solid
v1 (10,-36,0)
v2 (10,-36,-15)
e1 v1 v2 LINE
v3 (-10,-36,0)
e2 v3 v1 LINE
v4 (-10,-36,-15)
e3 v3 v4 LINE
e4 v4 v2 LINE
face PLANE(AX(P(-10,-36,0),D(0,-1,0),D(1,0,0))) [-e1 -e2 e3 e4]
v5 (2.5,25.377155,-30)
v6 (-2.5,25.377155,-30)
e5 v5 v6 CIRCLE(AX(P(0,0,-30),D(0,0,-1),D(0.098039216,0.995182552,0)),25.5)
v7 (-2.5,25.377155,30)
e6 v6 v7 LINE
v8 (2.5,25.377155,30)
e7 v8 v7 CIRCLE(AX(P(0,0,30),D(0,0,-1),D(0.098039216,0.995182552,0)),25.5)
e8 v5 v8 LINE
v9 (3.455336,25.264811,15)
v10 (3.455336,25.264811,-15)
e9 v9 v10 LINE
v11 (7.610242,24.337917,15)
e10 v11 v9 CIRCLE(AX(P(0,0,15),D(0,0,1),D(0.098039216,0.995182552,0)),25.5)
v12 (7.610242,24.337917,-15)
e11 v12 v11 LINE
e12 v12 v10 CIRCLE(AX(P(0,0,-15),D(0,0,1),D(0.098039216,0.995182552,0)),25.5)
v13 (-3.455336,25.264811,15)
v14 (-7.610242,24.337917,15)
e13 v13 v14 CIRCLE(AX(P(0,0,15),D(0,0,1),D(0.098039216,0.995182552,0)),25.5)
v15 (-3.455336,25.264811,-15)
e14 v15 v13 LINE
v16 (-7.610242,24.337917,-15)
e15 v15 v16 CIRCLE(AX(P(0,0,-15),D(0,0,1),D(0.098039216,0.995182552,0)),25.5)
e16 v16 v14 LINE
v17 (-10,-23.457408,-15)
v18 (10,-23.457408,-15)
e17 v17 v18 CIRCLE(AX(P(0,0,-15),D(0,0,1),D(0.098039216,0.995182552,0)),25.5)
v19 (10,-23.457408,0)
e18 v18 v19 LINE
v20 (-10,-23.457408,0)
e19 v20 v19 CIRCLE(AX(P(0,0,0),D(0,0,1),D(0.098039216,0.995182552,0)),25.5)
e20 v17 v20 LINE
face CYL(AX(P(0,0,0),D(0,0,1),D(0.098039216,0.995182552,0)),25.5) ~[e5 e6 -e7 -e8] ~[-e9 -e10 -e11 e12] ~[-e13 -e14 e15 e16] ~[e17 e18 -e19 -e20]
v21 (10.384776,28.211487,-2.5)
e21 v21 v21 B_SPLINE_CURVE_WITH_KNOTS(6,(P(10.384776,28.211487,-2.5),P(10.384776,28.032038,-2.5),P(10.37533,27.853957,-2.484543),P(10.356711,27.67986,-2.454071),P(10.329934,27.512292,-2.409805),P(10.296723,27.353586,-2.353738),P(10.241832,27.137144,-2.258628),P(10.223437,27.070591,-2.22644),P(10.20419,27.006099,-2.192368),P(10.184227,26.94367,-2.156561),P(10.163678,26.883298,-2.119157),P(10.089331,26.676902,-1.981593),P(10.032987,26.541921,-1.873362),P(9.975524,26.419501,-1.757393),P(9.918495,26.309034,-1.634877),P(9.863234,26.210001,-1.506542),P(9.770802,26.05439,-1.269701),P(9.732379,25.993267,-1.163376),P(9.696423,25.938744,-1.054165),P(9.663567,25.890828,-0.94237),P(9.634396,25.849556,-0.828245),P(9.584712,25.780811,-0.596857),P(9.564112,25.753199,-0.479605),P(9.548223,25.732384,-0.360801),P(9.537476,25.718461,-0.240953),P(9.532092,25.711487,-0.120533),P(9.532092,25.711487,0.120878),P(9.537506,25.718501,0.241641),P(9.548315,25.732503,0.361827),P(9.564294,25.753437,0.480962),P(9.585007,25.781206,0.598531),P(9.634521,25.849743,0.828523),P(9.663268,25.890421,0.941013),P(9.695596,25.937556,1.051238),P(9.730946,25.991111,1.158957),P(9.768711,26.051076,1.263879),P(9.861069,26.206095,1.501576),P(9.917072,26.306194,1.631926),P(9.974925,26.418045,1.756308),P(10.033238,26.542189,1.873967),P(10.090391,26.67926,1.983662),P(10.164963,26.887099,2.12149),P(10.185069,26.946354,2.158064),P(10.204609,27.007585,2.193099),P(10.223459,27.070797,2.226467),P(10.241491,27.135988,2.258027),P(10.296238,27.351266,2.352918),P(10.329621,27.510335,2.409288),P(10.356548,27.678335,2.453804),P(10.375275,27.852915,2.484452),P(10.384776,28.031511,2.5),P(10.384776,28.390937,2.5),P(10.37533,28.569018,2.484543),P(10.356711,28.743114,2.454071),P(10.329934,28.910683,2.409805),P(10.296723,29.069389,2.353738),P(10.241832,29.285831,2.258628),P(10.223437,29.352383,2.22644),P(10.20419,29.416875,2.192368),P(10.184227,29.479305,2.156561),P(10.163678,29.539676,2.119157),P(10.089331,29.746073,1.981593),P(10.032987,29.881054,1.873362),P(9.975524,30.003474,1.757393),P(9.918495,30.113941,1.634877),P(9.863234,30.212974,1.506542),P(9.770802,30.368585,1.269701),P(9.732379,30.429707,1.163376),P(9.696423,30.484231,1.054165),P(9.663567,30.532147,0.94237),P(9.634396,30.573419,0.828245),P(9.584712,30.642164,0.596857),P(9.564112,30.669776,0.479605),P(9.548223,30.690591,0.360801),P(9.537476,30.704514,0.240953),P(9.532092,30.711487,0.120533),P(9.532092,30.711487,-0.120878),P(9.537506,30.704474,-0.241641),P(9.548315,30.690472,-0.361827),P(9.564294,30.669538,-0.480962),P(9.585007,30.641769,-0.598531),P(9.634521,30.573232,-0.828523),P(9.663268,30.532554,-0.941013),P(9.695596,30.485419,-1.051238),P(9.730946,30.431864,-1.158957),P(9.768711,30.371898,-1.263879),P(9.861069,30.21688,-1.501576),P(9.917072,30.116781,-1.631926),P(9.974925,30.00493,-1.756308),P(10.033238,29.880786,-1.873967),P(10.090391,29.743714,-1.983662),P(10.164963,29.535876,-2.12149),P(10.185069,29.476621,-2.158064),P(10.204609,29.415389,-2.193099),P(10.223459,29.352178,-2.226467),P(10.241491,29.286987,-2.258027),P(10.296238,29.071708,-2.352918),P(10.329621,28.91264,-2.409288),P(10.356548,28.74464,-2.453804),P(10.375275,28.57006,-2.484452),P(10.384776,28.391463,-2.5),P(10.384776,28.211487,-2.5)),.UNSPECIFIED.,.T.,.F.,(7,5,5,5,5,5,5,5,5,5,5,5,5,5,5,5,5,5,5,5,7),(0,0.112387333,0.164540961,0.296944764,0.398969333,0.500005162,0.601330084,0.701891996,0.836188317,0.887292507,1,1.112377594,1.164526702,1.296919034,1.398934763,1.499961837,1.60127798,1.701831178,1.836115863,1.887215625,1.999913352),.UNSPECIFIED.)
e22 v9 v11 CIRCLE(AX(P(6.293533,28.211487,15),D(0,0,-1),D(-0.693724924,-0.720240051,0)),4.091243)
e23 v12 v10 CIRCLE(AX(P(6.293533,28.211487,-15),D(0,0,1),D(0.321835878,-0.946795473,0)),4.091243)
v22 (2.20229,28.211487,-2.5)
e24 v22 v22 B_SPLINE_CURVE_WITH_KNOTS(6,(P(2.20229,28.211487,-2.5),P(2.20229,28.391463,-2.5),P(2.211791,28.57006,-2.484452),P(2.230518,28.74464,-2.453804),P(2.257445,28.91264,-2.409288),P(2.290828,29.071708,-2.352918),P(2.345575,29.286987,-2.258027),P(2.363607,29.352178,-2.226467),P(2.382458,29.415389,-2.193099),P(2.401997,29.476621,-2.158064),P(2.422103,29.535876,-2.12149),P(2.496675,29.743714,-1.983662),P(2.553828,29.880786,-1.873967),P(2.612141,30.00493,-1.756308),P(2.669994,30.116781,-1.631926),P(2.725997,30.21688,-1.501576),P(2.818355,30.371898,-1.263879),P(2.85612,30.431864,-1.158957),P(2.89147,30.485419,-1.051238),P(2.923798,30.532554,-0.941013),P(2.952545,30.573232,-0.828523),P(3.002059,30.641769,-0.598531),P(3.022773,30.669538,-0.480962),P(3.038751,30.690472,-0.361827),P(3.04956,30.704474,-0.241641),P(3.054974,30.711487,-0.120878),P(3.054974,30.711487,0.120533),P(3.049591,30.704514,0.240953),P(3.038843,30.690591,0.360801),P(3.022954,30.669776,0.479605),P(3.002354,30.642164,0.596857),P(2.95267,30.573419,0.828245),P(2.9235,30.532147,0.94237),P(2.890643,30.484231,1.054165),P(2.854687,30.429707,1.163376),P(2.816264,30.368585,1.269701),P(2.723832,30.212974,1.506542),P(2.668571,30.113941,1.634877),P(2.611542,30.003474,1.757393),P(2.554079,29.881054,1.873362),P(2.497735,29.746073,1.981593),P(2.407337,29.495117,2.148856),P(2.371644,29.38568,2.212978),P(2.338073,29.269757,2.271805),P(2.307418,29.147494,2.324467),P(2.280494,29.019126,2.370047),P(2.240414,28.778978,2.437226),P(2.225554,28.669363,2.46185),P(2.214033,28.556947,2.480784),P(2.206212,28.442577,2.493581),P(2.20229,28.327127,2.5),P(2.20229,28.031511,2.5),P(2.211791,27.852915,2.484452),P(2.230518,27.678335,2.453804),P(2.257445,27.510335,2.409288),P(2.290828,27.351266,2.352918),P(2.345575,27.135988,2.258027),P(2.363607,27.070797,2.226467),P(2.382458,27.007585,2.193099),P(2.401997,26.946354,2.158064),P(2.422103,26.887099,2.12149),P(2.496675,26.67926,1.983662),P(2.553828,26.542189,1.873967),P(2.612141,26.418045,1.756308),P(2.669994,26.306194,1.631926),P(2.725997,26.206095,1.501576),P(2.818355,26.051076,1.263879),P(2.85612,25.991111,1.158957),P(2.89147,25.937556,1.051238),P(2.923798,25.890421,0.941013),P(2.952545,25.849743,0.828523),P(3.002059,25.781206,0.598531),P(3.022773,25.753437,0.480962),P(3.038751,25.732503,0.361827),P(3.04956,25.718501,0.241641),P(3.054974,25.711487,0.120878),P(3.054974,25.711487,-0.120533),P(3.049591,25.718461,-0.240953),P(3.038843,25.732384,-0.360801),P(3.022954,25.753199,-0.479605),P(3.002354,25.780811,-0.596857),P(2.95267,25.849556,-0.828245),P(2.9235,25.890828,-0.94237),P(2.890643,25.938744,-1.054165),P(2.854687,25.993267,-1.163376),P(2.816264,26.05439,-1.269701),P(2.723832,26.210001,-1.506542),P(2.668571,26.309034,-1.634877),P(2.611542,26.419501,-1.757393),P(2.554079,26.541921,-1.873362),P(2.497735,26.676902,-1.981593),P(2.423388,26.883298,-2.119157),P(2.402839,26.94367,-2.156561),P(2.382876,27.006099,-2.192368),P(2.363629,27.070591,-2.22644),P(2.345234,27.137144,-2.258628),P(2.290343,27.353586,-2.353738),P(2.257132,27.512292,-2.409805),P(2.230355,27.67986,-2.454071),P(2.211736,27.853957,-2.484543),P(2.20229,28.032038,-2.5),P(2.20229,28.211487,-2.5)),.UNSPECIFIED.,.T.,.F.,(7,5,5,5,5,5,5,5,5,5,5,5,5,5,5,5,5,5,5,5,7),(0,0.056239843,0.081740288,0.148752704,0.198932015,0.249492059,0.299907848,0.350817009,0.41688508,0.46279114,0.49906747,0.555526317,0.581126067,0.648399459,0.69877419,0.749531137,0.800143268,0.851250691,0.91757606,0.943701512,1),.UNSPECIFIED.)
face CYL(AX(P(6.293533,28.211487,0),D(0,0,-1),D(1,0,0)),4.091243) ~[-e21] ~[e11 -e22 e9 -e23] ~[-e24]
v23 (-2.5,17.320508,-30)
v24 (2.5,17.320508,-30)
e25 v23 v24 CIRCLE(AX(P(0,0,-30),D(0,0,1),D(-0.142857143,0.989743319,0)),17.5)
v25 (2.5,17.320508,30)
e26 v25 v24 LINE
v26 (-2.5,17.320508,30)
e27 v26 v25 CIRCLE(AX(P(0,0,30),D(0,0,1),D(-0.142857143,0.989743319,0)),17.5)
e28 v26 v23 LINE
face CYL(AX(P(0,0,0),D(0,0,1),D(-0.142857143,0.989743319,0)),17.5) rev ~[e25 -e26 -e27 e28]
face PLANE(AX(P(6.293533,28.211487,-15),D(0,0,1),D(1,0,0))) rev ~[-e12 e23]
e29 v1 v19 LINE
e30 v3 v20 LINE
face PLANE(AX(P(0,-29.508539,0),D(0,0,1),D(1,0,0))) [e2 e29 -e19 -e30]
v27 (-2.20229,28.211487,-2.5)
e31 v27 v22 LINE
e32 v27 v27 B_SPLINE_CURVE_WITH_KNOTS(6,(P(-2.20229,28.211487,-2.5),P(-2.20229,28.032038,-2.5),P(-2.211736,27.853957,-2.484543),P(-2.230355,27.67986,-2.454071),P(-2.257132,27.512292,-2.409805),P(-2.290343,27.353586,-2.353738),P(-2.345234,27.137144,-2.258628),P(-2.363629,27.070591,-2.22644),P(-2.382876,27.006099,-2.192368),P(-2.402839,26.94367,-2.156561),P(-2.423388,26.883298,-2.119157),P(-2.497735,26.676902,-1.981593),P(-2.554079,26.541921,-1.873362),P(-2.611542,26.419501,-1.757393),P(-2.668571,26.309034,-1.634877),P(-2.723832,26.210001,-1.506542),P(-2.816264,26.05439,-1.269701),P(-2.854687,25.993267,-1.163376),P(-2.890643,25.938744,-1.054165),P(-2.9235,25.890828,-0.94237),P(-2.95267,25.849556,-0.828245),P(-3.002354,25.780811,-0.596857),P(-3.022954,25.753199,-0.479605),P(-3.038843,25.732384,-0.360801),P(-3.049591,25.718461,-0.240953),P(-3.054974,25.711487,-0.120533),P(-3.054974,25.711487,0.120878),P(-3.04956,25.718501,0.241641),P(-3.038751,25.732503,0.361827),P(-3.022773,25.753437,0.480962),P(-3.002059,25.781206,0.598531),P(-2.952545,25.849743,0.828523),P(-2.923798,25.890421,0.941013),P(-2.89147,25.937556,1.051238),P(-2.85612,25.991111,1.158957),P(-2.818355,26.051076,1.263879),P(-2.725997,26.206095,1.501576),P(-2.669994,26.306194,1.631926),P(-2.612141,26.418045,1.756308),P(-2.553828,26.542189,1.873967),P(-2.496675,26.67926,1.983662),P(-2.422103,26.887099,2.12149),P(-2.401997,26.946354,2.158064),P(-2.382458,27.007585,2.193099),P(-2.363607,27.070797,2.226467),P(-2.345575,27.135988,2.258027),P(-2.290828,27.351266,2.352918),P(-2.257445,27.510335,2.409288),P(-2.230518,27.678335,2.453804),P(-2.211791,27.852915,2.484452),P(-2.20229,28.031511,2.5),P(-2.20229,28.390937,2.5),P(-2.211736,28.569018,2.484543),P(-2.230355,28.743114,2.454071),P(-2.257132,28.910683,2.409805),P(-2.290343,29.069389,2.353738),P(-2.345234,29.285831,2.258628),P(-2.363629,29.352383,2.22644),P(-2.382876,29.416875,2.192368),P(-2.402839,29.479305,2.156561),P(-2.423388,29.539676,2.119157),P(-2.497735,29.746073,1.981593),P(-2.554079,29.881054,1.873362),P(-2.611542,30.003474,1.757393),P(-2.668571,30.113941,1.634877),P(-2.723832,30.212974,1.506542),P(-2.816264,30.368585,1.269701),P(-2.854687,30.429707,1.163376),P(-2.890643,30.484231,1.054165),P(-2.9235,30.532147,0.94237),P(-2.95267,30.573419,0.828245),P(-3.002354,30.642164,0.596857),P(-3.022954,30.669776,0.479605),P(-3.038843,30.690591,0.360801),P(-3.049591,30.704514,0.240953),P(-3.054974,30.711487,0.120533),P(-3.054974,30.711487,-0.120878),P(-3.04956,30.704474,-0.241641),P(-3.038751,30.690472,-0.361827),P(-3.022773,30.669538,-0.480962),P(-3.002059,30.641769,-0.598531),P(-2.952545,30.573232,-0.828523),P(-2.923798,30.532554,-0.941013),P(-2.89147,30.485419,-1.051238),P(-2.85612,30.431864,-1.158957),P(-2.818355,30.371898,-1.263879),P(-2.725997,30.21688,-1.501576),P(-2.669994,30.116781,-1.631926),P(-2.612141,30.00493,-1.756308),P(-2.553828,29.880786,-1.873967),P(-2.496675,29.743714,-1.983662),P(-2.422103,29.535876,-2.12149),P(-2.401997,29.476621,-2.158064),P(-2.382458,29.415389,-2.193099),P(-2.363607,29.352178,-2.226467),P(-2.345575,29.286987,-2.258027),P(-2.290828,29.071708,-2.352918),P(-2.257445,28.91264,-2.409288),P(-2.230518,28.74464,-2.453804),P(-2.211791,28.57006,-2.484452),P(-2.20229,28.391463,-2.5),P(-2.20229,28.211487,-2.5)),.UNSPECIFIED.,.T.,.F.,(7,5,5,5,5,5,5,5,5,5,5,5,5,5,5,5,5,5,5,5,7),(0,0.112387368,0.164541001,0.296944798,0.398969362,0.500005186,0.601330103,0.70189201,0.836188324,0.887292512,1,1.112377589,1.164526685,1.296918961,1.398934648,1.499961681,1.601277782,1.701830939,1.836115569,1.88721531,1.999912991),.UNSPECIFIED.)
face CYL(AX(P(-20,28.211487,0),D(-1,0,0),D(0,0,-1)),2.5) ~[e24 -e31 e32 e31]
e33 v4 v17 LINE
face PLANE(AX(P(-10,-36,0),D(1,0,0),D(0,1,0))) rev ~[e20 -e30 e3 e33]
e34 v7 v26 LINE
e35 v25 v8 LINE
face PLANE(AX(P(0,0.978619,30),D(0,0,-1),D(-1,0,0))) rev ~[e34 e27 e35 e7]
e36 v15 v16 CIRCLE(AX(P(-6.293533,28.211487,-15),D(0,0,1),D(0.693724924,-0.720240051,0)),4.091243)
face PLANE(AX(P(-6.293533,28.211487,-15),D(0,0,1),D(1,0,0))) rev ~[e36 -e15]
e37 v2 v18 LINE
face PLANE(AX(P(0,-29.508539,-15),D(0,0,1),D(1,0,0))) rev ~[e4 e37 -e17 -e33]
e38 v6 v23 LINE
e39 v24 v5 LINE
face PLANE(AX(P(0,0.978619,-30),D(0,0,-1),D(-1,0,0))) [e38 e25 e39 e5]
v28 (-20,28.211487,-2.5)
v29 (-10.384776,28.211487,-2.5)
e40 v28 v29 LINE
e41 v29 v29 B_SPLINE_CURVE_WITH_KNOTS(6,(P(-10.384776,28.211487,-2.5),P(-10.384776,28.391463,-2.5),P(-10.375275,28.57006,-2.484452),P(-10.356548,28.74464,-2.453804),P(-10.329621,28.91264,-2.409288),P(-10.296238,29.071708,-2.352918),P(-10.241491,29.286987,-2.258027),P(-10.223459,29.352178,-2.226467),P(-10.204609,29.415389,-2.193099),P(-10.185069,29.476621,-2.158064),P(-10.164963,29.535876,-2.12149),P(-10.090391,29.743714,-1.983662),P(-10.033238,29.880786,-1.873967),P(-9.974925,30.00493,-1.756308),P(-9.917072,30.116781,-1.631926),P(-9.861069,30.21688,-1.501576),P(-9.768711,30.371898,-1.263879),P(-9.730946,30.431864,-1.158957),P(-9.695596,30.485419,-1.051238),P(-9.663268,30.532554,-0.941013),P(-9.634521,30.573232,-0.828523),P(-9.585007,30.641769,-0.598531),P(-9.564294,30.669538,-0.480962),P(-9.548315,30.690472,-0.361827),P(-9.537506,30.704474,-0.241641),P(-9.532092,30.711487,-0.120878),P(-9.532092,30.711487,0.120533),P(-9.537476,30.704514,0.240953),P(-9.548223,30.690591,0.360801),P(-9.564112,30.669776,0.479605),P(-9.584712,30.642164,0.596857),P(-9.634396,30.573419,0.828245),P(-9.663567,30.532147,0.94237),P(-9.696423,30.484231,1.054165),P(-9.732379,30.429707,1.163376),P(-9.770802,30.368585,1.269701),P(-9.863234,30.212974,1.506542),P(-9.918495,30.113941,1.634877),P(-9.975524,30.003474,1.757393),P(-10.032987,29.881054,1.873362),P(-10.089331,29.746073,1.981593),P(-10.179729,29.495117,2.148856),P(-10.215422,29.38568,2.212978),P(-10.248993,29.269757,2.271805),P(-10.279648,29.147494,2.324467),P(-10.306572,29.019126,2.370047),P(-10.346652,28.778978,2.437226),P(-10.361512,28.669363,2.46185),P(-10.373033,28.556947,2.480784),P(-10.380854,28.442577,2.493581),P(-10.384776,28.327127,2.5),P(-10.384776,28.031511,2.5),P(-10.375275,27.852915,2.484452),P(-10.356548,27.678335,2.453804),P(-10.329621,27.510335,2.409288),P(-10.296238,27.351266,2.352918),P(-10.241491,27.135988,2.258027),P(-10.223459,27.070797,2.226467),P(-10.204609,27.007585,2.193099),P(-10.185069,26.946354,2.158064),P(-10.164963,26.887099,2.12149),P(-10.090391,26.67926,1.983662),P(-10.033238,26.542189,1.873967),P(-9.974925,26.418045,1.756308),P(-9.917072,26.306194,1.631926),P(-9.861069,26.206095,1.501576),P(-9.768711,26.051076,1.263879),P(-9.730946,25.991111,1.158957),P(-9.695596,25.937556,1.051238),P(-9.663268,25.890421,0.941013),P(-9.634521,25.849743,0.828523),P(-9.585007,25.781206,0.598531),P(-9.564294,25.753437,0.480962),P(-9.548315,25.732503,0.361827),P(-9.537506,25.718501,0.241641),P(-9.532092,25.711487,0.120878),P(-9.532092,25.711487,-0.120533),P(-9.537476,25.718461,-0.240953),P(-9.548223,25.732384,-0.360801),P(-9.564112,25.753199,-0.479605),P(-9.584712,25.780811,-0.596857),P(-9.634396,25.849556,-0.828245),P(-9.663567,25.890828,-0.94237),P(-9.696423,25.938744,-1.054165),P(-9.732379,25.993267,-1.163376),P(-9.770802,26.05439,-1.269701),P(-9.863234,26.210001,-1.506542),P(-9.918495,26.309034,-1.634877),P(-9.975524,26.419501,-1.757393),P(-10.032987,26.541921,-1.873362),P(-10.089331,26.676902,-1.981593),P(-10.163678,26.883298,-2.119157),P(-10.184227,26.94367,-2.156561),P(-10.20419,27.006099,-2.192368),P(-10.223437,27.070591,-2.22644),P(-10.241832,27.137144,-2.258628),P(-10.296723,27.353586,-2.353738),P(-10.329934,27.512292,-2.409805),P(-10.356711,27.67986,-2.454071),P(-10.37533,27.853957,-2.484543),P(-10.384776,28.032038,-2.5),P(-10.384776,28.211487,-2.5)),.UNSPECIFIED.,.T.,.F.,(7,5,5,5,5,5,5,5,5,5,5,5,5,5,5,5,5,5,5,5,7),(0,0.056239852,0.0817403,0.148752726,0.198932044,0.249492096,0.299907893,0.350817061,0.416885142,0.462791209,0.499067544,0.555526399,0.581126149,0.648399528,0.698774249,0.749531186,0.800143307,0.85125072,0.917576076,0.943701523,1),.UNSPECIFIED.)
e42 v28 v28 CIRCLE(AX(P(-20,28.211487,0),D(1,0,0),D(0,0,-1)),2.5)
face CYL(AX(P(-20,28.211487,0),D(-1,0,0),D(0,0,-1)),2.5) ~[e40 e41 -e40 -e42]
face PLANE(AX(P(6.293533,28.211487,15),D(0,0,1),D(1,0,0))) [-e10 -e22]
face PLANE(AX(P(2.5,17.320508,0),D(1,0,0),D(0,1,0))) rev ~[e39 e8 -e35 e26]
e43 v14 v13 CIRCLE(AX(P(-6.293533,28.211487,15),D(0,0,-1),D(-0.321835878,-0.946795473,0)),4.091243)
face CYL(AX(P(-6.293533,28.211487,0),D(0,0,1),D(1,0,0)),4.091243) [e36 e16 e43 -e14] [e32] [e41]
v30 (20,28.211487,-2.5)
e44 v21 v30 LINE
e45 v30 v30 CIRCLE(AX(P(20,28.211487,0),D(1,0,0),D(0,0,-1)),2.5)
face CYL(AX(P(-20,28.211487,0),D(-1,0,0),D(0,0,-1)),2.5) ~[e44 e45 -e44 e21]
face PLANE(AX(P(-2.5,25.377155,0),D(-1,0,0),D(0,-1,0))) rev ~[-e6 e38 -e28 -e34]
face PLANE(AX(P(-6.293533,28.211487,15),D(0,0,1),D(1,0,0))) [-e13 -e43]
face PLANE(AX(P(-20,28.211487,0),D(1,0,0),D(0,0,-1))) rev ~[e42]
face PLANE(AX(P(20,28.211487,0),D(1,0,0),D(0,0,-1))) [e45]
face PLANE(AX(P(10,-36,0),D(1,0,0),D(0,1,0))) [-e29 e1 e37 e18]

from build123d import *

# Parameters (mm, degrees)
BOSS_EXTRUDE1_DEPTH      = 30
SKETCH2_R                = 4.091242679
BOSS_EXTRUDE2_DEPTH      = 15
SKETCH3_W                = 20
SKETCH3_H                = 12.982921918
BOSS_EXTRUDE3_DEPTH      = 15
BOSS_EXTRUDE5_DEPTH      = 20
BOSS_EXTRUDE5_DEPTH_BACK = 20
SKETCH5_R                = 2.5


with BuildPart() as part:
    # Sketch1 → Boss-Extrude1 (new, symmetric)
    with BuildSketch(Plane.XY):
        with BuildLine():
            Line((-2.5, 25.377155081), (-2.5, 17.320508076))
            ThreePointArc((-2.5, 17.320508076), (0, -17.5), (2.5, 17.320508076))
            Line((2.5, 17.320508076), (2.5, 25.377155081))
            ThreePointArc((2.5, 25.377155081), (0, -25.5), (-2.5, 25.377155081))
        make_face()
    extrude(amount=BOSS_EXTRUDE1_DEPTH, both=True)

    # Sketch2 → Boss-Extrude2 (add, symmetric)
    with BuildSketch(Plane.XY):
        with Locations((6.293533022, 28.211487403)):
            Circle(SKETCH2_R)
        with Locations((-6.293533022, 28.211487403)):
            Circle(SKETCH2_R)
    extrude(amount=BOSS_EXTRUDE2_DEPTH, both=True)

    # Sketch3 → Boss-Extrude3 (add)
    with BuildSketch(Plane.XY):
        with Locations((0, -29.508539041)):
            Rectangle(SKETCH3_W, SKETCH3_H)
    extrude(amount=-BOSS_EXTRUDE3_DEPTH)

    # Sketch5 → Boss-Extrude5 (add, two sides: drawn at the far end of the back side and taken through both)
    with BuildSketch(Plane(origin=(0, 0, 0), x_dir=(0, 0, -1), z_dir=(1, 0, 0)).offset(-BOSS_EXTRUDE5_DEPTH_BACK)):
        with Locations((0, 28.211487403)):
            Circle(SKETCH5_R)
    extrude(amount=BOSS_EXTRUDE5_DEPTH + BOSS_EXTRUDE5_DEPTH_BACK)


solid = part.part
